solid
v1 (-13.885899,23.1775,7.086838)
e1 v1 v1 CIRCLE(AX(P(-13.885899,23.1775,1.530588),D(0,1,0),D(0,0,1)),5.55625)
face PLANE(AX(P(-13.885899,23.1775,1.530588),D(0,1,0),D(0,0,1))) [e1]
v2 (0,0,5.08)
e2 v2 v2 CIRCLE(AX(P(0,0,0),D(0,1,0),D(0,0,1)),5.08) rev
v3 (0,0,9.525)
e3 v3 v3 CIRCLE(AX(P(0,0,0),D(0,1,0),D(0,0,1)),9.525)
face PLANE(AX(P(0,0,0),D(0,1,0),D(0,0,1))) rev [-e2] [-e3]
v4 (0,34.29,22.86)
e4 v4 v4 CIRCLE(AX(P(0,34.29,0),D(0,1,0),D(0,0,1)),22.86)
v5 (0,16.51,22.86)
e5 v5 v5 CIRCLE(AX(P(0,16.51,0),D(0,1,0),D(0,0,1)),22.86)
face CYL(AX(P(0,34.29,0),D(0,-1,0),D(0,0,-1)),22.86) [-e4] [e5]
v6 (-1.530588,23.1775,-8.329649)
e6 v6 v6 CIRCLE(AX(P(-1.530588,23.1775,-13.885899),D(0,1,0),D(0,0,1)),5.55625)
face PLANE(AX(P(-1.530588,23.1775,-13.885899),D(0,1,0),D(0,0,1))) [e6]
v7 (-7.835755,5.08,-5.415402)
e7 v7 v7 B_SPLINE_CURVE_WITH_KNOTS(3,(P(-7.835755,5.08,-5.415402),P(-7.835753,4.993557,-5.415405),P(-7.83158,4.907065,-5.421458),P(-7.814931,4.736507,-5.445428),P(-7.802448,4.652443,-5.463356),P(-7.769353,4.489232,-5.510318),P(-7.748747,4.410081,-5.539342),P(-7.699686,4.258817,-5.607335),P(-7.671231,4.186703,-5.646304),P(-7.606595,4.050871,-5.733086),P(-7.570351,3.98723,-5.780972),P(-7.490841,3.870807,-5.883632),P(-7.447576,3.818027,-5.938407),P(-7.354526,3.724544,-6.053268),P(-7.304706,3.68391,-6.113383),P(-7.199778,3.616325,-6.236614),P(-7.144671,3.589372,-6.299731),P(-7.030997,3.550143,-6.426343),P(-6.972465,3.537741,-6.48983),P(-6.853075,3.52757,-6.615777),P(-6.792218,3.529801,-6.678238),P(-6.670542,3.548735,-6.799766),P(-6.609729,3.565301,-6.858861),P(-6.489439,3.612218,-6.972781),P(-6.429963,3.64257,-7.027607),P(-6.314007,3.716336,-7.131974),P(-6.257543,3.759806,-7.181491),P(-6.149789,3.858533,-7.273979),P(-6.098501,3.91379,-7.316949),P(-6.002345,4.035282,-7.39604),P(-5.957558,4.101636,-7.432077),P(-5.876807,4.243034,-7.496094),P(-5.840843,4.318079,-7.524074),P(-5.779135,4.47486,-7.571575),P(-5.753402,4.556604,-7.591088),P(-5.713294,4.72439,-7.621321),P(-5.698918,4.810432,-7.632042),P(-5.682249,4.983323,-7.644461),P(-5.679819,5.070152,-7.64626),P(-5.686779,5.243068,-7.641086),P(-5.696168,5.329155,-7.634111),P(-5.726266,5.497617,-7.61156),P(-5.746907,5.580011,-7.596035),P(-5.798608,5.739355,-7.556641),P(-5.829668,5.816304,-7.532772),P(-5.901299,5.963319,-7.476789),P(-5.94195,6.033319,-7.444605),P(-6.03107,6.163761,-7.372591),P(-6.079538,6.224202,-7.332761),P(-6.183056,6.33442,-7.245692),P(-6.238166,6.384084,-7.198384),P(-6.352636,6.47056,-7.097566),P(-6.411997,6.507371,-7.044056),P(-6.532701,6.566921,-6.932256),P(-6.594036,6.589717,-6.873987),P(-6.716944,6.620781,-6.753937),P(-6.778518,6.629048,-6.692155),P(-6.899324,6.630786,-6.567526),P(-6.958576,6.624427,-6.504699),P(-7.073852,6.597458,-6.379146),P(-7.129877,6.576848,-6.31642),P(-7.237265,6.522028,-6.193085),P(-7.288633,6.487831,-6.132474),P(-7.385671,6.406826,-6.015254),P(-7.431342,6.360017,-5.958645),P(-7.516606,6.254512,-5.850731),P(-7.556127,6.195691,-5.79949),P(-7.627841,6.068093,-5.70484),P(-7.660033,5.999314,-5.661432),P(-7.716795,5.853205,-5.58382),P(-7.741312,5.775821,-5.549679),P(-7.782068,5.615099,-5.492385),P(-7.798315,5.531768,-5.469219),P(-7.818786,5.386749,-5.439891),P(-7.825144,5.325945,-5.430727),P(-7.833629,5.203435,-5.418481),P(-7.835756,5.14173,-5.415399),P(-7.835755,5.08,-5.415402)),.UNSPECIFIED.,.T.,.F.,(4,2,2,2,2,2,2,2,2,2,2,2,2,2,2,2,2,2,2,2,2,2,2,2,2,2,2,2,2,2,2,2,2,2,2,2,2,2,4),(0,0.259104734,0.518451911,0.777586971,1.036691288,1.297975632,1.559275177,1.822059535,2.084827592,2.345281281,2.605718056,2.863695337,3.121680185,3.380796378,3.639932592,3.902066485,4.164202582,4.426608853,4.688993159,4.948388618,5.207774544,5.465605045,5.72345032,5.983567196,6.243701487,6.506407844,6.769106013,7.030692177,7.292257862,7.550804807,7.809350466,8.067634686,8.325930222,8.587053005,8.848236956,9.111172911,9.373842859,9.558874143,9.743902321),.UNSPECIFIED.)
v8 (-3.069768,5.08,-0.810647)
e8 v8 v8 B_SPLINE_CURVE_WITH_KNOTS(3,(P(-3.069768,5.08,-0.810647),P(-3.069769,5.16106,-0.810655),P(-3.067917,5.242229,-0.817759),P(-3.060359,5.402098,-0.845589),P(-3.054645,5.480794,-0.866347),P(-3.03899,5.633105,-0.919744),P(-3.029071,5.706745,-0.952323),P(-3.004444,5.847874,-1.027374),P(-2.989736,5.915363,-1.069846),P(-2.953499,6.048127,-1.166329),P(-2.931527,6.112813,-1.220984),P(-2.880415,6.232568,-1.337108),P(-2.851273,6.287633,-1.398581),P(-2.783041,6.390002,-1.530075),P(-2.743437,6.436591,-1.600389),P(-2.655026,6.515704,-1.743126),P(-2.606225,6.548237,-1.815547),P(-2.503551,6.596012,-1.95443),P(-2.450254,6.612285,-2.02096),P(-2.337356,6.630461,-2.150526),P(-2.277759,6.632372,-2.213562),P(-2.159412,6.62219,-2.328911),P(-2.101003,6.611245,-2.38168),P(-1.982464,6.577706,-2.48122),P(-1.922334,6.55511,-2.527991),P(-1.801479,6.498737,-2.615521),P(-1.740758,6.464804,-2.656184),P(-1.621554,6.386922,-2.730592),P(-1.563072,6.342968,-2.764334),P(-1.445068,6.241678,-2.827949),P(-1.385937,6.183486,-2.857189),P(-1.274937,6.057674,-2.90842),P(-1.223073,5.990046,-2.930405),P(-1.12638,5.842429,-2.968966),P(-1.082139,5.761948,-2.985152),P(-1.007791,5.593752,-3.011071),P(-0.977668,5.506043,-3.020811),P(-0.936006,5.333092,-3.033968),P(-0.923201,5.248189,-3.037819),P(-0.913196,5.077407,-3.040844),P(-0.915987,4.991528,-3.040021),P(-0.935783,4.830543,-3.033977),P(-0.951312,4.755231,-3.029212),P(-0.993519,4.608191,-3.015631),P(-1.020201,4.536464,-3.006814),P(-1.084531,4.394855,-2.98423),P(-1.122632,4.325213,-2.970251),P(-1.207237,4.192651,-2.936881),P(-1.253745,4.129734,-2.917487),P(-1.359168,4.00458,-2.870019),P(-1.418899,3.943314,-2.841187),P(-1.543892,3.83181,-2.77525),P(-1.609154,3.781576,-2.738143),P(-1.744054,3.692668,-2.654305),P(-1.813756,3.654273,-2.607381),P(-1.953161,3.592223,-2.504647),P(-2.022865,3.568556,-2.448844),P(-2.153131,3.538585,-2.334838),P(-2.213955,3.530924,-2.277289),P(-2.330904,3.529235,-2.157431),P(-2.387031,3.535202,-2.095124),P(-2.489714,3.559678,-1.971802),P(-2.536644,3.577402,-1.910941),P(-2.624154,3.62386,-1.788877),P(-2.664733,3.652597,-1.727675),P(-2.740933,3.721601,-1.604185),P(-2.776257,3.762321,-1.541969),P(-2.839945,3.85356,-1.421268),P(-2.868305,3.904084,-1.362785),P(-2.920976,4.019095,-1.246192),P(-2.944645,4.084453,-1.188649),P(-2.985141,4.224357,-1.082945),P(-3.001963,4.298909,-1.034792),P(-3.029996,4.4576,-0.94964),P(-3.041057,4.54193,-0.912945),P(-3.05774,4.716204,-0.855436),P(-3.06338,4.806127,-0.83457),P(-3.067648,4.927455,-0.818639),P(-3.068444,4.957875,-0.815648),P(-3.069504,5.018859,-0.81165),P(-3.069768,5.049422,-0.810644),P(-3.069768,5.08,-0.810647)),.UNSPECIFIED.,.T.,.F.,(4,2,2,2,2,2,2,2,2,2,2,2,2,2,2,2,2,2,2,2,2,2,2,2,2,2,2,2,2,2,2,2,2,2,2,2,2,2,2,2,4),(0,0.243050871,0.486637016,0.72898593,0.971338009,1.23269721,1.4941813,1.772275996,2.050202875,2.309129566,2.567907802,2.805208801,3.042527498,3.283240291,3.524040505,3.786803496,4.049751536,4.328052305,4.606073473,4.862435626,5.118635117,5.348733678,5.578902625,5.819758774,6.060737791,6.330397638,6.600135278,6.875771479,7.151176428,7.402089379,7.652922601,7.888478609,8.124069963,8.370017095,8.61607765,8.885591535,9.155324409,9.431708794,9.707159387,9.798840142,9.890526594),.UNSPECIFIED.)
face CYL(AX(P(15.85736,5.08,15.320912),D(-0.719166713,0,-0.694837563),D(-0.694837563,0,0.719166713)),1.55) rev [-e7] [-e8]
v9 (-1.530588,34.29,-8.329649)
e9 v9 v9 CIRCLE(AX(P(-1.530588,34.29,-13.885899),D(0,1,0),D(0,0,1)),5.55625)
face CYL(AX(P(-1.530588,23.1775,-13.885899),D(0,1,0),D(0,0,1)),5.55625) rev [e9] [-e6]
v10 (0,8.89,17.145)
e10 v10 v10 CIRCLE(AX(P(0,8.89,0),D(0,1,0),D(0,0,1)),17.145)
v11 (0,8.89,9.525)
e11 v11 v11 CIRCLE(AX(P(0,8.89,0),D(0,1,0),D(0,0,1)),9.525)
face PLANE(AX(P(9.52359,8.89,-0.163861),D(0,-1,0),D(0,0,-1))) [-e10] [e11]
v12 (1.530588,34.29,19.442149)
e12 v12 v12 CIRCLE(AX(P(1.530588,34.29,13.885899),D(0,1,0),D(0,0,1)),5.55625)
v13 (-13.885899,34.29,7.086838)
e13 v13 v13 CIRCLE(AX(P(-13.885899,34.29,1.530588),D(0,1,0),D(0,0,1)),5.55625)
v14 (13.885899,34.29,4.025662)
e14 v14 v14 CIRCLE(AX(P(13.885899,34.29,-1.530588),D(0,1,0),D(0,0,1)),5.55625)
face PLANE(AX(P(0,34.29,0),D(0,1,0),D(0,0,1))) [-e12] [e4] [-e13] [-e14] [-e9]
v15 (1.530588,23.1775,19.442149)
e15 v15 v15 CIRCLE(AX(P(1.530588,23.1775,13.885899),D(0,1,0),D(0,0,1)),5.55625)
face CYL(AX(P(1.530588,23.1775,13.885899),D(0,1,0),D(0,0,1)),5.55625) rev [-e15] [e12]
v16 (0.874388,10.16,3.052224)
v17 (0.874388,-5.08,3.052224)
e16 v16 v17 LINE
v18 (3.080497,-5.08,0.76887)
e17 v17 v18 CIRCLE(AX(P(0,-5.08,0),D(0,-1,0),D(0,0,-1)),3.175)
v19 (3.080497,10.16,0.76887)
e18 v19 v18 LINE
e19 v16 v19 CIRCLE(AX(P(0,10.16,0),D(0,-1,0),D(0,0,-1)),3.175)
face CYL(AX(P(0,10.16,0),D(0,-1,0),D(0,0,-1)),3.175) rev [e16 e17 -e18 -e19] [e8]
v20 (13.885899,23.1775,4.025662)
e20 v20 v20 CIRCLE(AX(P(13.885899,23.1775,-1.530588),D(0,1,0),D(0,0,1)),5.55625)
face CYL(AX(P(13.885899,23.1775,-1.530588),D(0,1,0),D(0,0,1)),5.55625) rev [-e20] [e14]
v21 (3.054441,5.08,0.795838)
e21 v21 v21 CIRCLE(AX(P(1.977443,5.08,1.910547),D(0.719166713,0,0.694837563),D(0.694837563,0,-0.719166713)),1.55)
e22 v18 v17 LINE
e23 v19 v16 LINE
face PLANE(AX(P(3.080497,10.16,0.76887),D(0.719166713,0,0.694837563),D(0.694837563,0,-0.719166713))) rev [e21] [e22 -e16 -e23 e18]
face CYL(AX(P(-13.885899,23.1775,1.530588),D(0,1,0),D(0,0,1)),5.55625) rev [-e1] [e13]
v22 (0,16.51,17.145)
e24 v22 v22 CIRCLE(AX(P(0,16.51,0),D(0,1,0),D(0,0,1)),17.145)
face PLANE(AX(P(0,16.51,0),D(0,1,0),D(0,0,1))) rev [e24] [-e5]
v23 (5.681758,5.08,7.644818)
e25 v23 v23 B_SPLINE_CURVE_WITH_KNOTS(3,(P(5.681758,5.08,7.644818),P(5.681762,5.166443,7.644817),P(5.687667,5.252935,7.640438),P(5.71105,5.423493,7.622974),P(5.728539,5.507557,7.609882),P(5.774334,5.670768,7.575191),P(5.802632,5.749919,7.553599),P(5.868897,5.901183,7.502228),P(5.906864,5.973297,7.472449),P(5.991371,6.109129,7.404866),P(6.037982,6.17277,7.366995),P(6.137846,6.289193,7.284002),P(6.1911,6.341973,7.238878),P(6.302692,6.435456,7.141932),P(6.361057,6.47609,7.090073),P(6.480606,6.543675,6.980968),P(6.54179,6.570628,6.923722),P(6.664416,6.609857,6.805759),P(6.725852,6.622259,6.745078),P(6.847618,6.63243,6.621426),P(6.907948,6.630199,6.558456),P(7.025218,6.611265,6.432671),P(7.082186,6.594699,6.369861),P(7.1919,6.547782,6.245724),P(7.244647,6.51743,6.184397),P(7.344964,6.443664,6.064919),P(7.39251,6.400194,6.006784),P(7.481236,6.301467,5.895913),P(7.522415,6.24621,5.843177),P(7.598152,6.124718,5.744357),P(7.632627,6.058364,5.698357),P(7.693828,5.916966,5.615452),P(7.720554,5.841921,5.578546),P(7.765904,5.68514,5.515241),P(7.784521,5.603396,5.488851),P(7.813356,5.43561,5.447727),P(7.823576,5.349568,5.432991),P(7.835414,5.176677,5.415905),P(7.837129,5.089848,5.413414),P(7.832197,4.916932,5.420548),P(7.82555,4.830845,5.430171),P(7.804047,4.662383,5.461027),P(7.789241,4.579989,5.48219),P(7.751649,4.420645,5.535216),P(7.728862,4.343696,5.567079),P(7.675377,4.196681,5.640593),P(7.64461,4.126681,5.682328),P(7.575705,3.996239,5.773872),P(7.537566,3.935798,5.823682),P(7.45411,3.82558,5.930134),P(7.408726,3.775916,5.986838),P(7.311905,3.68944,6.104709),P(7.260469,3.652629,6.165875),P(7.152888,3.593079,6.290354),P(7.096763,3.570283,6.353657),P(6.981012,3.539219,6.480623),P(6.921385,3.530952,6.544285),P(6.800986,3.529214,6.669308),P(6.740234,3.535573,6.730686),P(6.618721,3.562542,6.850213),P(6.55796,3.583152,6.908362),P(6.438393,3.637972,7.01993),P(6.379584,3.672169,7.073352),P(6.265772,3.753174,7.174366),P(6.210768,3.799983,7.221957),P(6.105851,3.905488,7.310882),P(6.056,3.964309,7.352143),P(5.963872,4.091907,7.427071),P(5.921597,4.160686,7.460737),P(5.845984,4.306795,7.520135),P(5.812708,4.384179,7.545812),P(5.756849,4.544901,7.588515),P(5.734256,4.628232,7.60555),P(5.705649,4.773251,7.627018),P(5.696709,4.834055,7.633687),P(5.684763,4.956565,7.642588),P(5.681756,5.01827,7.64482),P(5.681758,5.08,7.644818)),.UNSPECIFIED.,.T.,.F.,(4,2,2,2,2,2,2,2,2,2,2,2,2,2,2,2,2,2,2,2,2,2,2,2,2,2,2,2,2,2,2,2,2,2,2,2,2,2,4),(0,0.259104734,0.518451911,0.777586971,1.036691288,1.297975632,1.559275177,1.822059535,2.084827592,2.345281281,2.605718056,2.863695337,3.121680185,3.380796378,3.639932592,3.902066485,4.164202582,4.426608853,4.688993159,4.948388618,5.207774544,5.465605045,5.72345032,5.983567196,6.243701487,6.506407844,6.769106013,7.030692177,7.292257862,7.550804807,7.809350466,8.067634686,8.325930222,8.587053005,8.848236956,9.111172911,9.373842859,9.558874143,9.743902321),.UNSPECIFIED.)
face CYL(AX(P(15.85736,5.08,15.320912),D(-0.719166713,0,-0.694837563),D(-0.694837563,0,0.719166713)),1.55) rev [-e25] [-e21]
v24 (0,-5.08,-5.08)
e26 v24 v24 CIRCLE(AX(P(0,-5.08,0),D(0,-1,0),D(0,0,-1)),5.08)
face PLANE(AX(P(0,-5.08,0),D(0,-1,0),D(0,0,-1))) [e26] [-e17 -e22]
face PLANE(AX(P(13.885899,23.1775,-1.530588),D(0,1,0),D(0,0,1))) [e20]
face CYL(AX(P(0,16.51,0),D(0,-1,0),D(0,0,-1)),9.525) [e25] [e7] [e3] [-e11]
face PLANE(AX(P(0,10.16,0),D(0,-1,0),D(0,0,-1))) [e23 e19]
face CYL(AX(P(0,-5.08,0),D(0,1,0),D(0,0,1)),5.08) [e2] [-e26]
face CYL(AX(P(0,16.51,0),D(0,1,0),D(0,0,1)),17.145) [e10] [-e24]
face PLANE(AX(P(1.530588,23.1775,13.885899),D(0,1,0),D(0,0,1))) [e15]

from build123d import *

# Parameters (mm, degrees)
SKETCH_1_R          = 9.525
EXTRUDE_1_DEPTH     = 16.51
SKETCH_2_R          = 22.86
EXTRUDE_2_DEPTH     = 17.78
CUT_EXTRUDE_1_DEPTH = 10.16
SKETCH_3_R          = 5.55625
CUT_EXTRUDE_2_DEPTH = 11.1125
SKETCH_5_R          = 1.55
CUT_EXTRUDE_3_DEPTH = 32
SKETCH_6_W          = 7.62
SKETCH_6_H          = 7.62
EXTRUDE_START       = 5.08
SKETCH_7_R          = 5.08
EXTRUDE_3_DEPTH     = 5.08


with BuildPart() as part:
    # 草图1 → 凸台-拉伸1 (new body)
    with BuildSketch(Plane(origin=(0, 0, 0), x_dir=(1, 0, 0), z_dir=(0, 1, 0))):
        with Locations(Location((0, 0, 0), (0, 0, 270))):
            Circle(SKETCH_1_R)
    extrude(amount=EXTRUDE_1_DEPTH)

    # 草图2 → 凸台-拉伸2 (add)
    with BuildSketch(Plane(origin=(0, 16.51, 0), x_dir=(1, 0, 0), z_dir=(0, 1, 0))):
        with Locations(Location((0, 0, 0), (0, 0, 270))):
            Circle(SKETCH_2_R)
    extrude(amount=EXTRUDE_2_DEPTH)

    # 草图4 → 切除-拉伸1 (cut)
    with BuildSketch(Plane.XZ):
        with BuildLine():
            Line((3.080497473, 0.768869508), (0.87438821, 3.052223822))
            ThreePointArc((0.87438821, 3.052223822), (-2.283354313, -2.206109263), (3.080497473, 0.768869508))
        make_face()
    extrude(amount=-CUT_EXTRUDE_1_DEPTH, mode=Mode.SUBTRACT)

    # 草图3 → 切除-拉伸2 (cut)
    with BuildSketch(Plane(origin=(0, 34.29, 0), x_dir=(1, 0, 0), z_dir=(0, 1, 0))):
        with Locations(Location((-13.885899292, -1.530588399, 0), (0, 0, 270))):
            Circle(SKETCH_3_R)
        with Locations(Location((-1.530588399, 13.885899292, 0), (0, 0, 270))):
            Circle(SKETCH_3_R)
        with Locations(Location((13.885899292, 1.530588399, 0), (0, 0, 270))):
            Circle(SKETCH_3_R)
        with Locations(Location((1.530588399, -13.885899292, 0), (0, 0, 270))):
            Circle(SKETCH_3_R)
    extrude(amount=-CUT_EXTRUDE_2_DEPTH, mode=Mode.SUBTRACT)

    # 草图5 → 切除-拉伸3 (cut)
    with BuildSketch(Plane(origin=(-7.155974413, 0, -6.913890386), x_dir=(-0.6948375630636291, 0, 0.7191667129086254), z_dir=(-0.7191667129086254, 0, -0.6948375630636291))):
        with Locations((0, 5.08)):
            Circle(SKETCH_5_R)
    extrude(amount=-CUT_EXTRUDE_3_DEPTH, mode=Mode.SUBTRACT)

    # 草图6 → 旋转2 (revolve)
    with BuildSketch(Plane(origin=(0, 0, 0), x_dir=(-0.9998520121667556, 0, 0.01720330683589877), z_dir=(-0.01720330683589877, 0, -0.9998520121667556)), mode=Mode.PRIVATE) as revolve_2_sk:
        with Locations((-13.335, 12.7)):
            Rectangle(SKETCH_6_W, SKETCH_6_H)
    revolve(revolve_2_sk.sketch.rotate(Axis((0, 16.51, 0), (0, -1, 0)), 90.985725501), axis=Axis((0, 16.51, 0), (0, -1, 0)))

    # 草图7 → 凸台-拉伸3 (add)
    with BuildSketch(Plane.XZ.offset(EXTRUDE_START)):
        with Locations(Location((0, 0, 0), (0, 0, 90))):
            Circle(SKETCH_7_R)
        with BuildLine():
            Line((0.87438821, 3.052223822), (3.080497473, 0.768869508))
            ThreePointArc((3.080497473, 0.768869508), (-2.283354313, -2.206109263), (0.87438821, 3.052223822))
        make_face(mode=Mode.SUBTRACT)
    extrude(amount=-EXTRUDE_3_DEPTH)


solid = part.part
